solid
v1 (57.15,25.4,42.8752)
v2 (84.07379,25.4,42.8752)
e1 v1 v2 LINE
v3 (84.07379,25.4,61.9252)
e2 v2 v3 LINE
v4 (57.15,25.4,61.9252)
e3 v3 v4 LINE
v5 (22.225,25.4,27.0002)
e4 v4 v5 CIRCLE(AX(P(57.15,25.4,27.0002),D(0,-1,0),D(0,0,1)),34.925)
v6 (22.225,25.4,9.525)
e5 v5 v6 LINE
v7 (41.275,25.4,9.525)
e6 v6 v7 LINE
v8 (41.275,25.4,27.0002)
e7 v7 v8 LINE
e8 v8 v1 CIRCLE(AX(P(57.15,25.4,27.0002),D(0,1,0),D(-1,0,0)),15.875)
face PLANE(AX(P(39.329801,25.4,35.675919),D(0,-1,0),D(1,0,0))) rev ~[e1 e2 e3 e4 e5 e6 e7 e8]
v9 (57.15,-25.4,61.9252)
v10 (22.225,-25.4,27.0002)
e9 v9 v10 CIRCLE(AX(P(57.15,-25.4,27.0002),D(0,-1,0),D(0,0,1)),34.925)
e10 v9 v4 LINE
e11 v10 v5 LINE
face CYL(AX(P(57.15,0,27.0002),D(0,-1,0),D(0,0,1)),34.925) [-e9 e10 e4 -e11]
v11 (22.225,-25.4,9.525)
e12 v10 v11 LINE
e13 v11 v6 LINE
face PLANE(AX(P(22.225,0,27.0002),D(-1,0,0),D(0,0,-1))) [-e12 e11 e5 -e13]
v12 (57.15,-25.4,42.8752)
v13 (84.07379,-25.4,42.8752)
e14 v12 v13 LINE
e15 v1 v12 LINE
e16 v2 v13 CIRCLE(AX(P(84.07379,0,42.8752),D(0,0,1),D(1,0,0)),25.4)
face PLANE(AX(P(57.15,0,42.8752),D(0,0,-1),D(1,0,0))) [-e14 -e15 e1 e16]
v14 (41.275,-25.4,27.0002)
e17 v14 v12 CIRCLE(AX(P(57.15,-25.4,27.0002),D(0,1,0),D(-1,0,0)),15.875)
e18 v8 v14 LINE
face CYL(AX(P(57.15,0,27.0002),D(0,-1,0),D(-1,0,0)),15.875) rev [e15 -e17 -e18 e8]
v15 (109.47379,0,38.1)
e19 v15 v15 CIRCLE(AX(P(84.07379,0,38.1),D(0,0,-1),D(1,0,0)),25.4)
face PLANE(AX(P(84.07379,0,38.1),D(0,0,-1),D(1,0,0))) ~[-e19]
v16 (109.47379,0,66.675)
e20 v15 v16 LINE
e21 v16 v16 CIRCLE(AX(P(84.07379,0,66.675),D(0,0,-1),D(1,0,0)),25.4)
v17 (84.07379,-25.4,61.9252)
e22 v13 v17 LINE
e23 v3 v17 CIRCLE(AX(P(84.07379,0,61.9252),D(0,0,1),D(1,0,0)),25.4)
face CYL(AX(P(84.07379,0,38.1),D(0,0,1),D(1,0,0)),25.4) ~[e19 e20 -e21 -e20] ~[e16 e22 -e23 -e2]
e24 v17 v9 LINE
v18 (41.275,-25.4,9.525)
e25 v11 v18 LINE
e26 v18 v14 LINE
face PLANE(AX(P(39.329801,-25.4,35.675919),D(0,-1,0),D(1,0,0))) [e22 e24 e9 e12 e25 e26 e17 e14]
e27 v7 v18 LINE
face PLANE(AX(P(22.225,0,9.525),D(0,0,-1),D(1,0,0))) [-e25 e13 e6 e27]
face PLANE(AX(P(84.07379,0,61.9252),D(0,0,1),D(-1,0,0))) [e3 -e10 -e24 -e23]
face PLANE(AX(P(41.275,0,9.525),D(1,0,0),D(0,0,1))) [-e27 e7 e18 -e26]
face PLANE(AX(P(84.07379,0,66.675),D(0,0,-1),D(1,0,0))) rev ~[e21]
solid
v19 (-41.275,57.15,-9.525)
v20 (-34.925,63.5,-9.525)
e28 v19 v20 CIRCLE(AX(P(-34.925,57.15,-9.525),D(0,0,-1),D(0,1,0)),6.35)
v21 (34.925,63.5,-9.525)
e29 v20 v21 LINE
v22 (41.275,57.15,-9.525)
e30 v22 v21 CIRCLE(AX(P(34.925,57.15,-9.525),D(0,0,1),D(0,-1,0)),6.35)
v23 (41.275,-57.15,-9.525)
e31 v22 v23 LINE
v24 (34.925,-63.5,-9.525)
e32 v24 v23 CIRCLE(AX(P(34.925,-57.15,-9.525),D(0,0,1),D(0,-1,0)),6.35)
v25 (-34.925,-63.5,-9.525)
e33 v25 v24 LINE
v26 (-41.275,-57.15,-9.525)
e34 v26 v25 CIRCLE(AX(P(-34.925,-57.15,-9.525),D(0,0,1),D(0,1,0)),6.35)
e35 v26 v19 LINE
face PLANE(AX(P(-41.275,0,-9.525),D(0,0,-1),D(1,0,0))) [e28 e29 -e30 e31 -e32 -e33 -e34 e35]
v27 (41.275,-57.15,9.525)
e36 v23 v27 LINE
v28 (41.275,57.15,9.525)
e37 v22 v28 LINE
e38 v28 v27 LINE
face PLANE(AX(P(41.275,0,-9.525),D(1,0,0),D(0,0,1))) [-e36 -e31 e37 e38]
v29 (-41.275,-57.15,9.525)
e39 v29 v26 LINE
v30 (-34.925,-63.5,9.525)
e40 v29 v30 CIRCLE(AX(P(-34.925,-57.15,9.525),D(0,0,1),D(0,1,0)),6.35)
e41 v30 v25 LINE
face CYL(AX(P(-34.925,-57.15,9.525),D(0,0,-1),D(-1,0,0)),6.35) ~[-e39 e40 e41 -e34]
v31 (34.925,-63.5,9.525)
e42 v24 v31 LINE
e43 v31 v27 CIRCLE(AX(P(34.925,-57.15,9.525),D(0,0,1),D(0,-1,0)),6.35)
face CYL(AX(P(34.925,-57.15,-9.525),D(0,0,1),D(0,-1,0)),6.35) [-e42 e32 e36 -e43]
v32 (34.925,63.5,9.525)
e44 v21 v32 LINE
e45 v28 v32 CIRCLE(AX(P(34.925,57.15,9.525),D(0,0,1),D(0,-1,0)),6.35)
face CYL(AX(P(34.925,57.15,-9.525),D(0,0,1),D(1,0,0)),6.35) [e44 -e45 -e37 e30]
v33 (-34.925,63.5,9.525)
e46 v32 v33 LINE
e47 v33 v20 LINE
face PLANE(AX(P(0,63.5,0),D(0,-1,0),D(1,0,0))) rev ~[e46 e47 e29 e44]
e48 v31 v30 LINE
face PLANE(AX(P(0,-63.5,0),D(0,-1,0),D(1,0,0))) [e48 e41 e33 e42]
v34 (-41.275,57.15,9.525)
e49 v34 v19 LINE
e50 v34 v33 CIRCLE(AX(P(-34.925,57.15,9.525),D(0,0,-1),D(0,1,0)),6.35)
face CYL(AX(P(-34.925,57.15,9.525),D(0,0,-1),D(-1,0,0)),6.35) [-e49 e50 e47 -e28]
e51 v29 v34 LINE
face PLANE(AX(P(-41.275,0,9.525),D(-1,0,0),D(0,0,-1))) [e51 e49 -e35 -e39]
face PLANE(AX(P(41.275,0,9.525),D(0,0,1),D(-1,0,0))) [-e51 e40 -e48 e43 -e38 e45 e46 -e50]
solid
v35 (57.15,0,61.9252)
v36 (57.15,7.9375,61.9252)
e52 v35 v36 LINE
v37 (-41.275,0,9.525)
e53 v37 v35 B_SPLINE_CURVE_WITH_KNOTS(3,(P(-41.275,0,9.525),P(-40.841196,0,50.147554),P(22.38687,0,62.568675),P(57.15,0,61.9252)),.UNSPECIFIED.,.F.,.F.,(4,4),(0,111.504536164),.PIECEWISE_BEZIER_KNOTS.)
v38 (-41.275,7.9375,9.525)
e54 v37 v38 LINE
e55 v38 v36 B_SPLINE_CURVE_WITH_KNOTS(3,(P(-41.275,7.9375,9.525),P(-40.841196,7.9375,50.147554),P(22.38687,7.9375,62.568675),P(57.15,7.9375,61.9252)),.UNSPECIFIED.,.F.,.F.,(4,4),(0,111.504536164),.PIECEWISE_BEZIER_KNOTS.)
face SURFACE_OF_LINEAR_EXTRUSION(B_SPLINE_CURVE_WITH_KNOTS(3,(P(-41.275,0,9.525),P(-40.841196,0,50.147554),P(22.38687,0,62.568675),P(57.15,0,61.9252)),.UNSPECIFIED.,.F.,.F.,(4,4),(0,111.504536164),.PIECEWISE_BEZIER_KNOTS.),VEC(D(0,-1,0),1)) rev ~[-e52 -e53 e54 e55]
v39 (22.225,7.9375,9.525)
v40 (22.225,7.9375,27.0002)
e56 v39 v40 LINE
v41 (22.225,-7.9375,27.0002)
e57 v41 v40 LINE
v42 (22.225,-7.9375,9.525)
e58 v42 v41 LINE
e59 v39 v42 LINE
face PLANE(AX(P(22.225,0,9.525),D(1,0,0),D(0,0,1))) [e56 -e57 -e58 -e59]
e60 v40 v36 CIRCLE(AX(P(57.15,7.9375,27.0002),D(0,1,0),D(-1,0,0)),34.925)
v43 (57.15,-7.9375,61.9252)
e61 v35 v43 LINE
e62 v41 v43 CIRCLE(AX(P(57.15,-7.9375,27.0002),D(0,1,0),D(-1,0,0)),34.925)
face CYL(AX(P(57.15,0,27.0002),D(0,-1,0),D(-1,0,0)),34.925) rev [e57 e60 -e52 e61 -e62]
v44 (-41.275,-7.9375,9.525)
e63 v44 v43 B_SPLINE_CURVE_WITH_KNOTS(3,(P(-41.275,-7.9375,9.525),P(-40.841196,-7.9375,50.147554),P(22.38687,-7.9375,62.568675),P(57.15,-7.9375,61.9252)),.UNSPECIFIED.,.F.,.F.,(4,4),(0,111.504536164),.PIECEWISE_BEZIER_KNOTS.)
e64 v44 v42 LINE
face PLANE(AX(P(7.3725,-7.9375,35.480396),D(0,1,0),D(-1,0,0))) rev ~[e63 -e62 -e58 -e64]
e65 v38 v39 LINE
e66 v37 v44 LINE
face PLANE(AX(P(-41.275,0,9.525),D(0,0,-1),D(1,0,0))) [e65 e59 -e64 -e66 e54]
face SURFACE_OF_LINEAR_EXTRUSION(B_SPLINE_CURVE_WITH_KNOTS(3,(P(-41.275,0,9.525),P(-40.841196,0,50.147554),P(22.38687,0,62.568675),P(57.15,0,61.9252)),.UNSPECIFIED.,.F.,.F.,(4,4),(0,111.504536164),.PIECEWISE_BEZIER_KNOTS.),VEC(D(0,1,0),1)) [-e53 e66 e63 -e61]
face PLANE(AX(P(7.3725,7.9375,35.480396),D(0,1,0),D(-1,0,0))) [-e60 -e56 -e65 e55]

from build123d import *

# Parameters (mm, degrees)
F1_DEPTH = 63.5
F0_W     = 25.4
F0_H     = 19.05
F2_DEPTH = 25.4
F3_DEPTH = 7.9375
F5_R     = 6.35


with BuildPart() as f1:
    # F0 (on Front) → F1 (new body, symmetric)
    with BuildSketch(Plane.XZ):
        Polygon((-41.275, -9.525), (41.275, -9.525), (41.275, 9.525), (22.225, 9.525), (-41.275, 9.525), align=None)
    extrude(amount=F1_DEPTH, both=True)

    # F5
    f5_edges = [f1.edges().sort_by_distance(p)[0] for p in [
        (41.275, -63.5, 0),
        (-41.275, -63.5, 0),
        (41.275, 63.5, 0),
        (-41.275, 63.5, 0),
    ]]
    fillet(f5_edges, radius=F5_R)


with BuildPart() as f2:
    # F0 (on Front) → F2 (new body, symmetric)
    with BuildSketch(Plane.XZ):
        with BuildLine():
            Line((22.225, 9.525), (41.275, 9.525))
            Line((41.275, 9.525), (41.275, 27.0002))
            ThreePointArc((41.275, 27.0002), (45.9246798487, 38.2255201513), (57.15, 42.8752))
            Line((57.15, 42.8752), (58.6737903147, 42.8752))
            Line((58.6737903147, 42.8752), (58.6737903147, 61.9252))
            Line((58.6737903147, 61.9252), (57.15, 61.9252))
            ThreePointArc((57.15, 61.9252), (32.4542956671, 51.6959043329), (22.225, 27.0002))
            Line((22.225, 27.0002), (22.225, 9.525))
        make_face()
        with Locations((71.3737903147, 52.4002)):
            Rectangle(F0_W, F0_H)
    extrude(amount=F2_DEPTH, both=True)

    # F0 (on Front) → F4 (revolve)
    with BuildSketch(Plane.XZ):
        Polygon((84.0737903147, 66.675), (84.0737903147, 61.9252), (84.0737903147, 42.8752), (84.0737903147, 38.1), (109.4737903147, 38.1), (109.4737903147, 66.675), align=None)
    revolve(axis=Axis((84.0737903147, 0, 50.0126), (0, 0, -1)))


with BuildPart() as f3:
    # F0 (on Front) → F3 (new body, symmetric)
    with BuildSketch(Plane.XZ):
        with BuildLine():
            add(Edge.make_bspline(
                [(-41.275, 9.525), (-40.841195573, 50.147553981), (22.3868696331, 62.56867535), (57.15, 61.9252)],
                knots=[0, 0, 0, 0, 111.5045361635, 111.5045361635, 111.5045361635, 111.5045361635], degree=3))
            Line((-41.275, 9.525), (22.225, 9.525))
            Line((22.225, 9.525), (22.225, 27.0002))
            ThreePointArc((22.225, 27.0002), (32.4542956671, 51.6959043329), (57.15, 61.9252))
        make_face()
    extrude(amount=F3_DEPTH, both=True)


solid = Compound([f1.part, f2.part, f3.part])
